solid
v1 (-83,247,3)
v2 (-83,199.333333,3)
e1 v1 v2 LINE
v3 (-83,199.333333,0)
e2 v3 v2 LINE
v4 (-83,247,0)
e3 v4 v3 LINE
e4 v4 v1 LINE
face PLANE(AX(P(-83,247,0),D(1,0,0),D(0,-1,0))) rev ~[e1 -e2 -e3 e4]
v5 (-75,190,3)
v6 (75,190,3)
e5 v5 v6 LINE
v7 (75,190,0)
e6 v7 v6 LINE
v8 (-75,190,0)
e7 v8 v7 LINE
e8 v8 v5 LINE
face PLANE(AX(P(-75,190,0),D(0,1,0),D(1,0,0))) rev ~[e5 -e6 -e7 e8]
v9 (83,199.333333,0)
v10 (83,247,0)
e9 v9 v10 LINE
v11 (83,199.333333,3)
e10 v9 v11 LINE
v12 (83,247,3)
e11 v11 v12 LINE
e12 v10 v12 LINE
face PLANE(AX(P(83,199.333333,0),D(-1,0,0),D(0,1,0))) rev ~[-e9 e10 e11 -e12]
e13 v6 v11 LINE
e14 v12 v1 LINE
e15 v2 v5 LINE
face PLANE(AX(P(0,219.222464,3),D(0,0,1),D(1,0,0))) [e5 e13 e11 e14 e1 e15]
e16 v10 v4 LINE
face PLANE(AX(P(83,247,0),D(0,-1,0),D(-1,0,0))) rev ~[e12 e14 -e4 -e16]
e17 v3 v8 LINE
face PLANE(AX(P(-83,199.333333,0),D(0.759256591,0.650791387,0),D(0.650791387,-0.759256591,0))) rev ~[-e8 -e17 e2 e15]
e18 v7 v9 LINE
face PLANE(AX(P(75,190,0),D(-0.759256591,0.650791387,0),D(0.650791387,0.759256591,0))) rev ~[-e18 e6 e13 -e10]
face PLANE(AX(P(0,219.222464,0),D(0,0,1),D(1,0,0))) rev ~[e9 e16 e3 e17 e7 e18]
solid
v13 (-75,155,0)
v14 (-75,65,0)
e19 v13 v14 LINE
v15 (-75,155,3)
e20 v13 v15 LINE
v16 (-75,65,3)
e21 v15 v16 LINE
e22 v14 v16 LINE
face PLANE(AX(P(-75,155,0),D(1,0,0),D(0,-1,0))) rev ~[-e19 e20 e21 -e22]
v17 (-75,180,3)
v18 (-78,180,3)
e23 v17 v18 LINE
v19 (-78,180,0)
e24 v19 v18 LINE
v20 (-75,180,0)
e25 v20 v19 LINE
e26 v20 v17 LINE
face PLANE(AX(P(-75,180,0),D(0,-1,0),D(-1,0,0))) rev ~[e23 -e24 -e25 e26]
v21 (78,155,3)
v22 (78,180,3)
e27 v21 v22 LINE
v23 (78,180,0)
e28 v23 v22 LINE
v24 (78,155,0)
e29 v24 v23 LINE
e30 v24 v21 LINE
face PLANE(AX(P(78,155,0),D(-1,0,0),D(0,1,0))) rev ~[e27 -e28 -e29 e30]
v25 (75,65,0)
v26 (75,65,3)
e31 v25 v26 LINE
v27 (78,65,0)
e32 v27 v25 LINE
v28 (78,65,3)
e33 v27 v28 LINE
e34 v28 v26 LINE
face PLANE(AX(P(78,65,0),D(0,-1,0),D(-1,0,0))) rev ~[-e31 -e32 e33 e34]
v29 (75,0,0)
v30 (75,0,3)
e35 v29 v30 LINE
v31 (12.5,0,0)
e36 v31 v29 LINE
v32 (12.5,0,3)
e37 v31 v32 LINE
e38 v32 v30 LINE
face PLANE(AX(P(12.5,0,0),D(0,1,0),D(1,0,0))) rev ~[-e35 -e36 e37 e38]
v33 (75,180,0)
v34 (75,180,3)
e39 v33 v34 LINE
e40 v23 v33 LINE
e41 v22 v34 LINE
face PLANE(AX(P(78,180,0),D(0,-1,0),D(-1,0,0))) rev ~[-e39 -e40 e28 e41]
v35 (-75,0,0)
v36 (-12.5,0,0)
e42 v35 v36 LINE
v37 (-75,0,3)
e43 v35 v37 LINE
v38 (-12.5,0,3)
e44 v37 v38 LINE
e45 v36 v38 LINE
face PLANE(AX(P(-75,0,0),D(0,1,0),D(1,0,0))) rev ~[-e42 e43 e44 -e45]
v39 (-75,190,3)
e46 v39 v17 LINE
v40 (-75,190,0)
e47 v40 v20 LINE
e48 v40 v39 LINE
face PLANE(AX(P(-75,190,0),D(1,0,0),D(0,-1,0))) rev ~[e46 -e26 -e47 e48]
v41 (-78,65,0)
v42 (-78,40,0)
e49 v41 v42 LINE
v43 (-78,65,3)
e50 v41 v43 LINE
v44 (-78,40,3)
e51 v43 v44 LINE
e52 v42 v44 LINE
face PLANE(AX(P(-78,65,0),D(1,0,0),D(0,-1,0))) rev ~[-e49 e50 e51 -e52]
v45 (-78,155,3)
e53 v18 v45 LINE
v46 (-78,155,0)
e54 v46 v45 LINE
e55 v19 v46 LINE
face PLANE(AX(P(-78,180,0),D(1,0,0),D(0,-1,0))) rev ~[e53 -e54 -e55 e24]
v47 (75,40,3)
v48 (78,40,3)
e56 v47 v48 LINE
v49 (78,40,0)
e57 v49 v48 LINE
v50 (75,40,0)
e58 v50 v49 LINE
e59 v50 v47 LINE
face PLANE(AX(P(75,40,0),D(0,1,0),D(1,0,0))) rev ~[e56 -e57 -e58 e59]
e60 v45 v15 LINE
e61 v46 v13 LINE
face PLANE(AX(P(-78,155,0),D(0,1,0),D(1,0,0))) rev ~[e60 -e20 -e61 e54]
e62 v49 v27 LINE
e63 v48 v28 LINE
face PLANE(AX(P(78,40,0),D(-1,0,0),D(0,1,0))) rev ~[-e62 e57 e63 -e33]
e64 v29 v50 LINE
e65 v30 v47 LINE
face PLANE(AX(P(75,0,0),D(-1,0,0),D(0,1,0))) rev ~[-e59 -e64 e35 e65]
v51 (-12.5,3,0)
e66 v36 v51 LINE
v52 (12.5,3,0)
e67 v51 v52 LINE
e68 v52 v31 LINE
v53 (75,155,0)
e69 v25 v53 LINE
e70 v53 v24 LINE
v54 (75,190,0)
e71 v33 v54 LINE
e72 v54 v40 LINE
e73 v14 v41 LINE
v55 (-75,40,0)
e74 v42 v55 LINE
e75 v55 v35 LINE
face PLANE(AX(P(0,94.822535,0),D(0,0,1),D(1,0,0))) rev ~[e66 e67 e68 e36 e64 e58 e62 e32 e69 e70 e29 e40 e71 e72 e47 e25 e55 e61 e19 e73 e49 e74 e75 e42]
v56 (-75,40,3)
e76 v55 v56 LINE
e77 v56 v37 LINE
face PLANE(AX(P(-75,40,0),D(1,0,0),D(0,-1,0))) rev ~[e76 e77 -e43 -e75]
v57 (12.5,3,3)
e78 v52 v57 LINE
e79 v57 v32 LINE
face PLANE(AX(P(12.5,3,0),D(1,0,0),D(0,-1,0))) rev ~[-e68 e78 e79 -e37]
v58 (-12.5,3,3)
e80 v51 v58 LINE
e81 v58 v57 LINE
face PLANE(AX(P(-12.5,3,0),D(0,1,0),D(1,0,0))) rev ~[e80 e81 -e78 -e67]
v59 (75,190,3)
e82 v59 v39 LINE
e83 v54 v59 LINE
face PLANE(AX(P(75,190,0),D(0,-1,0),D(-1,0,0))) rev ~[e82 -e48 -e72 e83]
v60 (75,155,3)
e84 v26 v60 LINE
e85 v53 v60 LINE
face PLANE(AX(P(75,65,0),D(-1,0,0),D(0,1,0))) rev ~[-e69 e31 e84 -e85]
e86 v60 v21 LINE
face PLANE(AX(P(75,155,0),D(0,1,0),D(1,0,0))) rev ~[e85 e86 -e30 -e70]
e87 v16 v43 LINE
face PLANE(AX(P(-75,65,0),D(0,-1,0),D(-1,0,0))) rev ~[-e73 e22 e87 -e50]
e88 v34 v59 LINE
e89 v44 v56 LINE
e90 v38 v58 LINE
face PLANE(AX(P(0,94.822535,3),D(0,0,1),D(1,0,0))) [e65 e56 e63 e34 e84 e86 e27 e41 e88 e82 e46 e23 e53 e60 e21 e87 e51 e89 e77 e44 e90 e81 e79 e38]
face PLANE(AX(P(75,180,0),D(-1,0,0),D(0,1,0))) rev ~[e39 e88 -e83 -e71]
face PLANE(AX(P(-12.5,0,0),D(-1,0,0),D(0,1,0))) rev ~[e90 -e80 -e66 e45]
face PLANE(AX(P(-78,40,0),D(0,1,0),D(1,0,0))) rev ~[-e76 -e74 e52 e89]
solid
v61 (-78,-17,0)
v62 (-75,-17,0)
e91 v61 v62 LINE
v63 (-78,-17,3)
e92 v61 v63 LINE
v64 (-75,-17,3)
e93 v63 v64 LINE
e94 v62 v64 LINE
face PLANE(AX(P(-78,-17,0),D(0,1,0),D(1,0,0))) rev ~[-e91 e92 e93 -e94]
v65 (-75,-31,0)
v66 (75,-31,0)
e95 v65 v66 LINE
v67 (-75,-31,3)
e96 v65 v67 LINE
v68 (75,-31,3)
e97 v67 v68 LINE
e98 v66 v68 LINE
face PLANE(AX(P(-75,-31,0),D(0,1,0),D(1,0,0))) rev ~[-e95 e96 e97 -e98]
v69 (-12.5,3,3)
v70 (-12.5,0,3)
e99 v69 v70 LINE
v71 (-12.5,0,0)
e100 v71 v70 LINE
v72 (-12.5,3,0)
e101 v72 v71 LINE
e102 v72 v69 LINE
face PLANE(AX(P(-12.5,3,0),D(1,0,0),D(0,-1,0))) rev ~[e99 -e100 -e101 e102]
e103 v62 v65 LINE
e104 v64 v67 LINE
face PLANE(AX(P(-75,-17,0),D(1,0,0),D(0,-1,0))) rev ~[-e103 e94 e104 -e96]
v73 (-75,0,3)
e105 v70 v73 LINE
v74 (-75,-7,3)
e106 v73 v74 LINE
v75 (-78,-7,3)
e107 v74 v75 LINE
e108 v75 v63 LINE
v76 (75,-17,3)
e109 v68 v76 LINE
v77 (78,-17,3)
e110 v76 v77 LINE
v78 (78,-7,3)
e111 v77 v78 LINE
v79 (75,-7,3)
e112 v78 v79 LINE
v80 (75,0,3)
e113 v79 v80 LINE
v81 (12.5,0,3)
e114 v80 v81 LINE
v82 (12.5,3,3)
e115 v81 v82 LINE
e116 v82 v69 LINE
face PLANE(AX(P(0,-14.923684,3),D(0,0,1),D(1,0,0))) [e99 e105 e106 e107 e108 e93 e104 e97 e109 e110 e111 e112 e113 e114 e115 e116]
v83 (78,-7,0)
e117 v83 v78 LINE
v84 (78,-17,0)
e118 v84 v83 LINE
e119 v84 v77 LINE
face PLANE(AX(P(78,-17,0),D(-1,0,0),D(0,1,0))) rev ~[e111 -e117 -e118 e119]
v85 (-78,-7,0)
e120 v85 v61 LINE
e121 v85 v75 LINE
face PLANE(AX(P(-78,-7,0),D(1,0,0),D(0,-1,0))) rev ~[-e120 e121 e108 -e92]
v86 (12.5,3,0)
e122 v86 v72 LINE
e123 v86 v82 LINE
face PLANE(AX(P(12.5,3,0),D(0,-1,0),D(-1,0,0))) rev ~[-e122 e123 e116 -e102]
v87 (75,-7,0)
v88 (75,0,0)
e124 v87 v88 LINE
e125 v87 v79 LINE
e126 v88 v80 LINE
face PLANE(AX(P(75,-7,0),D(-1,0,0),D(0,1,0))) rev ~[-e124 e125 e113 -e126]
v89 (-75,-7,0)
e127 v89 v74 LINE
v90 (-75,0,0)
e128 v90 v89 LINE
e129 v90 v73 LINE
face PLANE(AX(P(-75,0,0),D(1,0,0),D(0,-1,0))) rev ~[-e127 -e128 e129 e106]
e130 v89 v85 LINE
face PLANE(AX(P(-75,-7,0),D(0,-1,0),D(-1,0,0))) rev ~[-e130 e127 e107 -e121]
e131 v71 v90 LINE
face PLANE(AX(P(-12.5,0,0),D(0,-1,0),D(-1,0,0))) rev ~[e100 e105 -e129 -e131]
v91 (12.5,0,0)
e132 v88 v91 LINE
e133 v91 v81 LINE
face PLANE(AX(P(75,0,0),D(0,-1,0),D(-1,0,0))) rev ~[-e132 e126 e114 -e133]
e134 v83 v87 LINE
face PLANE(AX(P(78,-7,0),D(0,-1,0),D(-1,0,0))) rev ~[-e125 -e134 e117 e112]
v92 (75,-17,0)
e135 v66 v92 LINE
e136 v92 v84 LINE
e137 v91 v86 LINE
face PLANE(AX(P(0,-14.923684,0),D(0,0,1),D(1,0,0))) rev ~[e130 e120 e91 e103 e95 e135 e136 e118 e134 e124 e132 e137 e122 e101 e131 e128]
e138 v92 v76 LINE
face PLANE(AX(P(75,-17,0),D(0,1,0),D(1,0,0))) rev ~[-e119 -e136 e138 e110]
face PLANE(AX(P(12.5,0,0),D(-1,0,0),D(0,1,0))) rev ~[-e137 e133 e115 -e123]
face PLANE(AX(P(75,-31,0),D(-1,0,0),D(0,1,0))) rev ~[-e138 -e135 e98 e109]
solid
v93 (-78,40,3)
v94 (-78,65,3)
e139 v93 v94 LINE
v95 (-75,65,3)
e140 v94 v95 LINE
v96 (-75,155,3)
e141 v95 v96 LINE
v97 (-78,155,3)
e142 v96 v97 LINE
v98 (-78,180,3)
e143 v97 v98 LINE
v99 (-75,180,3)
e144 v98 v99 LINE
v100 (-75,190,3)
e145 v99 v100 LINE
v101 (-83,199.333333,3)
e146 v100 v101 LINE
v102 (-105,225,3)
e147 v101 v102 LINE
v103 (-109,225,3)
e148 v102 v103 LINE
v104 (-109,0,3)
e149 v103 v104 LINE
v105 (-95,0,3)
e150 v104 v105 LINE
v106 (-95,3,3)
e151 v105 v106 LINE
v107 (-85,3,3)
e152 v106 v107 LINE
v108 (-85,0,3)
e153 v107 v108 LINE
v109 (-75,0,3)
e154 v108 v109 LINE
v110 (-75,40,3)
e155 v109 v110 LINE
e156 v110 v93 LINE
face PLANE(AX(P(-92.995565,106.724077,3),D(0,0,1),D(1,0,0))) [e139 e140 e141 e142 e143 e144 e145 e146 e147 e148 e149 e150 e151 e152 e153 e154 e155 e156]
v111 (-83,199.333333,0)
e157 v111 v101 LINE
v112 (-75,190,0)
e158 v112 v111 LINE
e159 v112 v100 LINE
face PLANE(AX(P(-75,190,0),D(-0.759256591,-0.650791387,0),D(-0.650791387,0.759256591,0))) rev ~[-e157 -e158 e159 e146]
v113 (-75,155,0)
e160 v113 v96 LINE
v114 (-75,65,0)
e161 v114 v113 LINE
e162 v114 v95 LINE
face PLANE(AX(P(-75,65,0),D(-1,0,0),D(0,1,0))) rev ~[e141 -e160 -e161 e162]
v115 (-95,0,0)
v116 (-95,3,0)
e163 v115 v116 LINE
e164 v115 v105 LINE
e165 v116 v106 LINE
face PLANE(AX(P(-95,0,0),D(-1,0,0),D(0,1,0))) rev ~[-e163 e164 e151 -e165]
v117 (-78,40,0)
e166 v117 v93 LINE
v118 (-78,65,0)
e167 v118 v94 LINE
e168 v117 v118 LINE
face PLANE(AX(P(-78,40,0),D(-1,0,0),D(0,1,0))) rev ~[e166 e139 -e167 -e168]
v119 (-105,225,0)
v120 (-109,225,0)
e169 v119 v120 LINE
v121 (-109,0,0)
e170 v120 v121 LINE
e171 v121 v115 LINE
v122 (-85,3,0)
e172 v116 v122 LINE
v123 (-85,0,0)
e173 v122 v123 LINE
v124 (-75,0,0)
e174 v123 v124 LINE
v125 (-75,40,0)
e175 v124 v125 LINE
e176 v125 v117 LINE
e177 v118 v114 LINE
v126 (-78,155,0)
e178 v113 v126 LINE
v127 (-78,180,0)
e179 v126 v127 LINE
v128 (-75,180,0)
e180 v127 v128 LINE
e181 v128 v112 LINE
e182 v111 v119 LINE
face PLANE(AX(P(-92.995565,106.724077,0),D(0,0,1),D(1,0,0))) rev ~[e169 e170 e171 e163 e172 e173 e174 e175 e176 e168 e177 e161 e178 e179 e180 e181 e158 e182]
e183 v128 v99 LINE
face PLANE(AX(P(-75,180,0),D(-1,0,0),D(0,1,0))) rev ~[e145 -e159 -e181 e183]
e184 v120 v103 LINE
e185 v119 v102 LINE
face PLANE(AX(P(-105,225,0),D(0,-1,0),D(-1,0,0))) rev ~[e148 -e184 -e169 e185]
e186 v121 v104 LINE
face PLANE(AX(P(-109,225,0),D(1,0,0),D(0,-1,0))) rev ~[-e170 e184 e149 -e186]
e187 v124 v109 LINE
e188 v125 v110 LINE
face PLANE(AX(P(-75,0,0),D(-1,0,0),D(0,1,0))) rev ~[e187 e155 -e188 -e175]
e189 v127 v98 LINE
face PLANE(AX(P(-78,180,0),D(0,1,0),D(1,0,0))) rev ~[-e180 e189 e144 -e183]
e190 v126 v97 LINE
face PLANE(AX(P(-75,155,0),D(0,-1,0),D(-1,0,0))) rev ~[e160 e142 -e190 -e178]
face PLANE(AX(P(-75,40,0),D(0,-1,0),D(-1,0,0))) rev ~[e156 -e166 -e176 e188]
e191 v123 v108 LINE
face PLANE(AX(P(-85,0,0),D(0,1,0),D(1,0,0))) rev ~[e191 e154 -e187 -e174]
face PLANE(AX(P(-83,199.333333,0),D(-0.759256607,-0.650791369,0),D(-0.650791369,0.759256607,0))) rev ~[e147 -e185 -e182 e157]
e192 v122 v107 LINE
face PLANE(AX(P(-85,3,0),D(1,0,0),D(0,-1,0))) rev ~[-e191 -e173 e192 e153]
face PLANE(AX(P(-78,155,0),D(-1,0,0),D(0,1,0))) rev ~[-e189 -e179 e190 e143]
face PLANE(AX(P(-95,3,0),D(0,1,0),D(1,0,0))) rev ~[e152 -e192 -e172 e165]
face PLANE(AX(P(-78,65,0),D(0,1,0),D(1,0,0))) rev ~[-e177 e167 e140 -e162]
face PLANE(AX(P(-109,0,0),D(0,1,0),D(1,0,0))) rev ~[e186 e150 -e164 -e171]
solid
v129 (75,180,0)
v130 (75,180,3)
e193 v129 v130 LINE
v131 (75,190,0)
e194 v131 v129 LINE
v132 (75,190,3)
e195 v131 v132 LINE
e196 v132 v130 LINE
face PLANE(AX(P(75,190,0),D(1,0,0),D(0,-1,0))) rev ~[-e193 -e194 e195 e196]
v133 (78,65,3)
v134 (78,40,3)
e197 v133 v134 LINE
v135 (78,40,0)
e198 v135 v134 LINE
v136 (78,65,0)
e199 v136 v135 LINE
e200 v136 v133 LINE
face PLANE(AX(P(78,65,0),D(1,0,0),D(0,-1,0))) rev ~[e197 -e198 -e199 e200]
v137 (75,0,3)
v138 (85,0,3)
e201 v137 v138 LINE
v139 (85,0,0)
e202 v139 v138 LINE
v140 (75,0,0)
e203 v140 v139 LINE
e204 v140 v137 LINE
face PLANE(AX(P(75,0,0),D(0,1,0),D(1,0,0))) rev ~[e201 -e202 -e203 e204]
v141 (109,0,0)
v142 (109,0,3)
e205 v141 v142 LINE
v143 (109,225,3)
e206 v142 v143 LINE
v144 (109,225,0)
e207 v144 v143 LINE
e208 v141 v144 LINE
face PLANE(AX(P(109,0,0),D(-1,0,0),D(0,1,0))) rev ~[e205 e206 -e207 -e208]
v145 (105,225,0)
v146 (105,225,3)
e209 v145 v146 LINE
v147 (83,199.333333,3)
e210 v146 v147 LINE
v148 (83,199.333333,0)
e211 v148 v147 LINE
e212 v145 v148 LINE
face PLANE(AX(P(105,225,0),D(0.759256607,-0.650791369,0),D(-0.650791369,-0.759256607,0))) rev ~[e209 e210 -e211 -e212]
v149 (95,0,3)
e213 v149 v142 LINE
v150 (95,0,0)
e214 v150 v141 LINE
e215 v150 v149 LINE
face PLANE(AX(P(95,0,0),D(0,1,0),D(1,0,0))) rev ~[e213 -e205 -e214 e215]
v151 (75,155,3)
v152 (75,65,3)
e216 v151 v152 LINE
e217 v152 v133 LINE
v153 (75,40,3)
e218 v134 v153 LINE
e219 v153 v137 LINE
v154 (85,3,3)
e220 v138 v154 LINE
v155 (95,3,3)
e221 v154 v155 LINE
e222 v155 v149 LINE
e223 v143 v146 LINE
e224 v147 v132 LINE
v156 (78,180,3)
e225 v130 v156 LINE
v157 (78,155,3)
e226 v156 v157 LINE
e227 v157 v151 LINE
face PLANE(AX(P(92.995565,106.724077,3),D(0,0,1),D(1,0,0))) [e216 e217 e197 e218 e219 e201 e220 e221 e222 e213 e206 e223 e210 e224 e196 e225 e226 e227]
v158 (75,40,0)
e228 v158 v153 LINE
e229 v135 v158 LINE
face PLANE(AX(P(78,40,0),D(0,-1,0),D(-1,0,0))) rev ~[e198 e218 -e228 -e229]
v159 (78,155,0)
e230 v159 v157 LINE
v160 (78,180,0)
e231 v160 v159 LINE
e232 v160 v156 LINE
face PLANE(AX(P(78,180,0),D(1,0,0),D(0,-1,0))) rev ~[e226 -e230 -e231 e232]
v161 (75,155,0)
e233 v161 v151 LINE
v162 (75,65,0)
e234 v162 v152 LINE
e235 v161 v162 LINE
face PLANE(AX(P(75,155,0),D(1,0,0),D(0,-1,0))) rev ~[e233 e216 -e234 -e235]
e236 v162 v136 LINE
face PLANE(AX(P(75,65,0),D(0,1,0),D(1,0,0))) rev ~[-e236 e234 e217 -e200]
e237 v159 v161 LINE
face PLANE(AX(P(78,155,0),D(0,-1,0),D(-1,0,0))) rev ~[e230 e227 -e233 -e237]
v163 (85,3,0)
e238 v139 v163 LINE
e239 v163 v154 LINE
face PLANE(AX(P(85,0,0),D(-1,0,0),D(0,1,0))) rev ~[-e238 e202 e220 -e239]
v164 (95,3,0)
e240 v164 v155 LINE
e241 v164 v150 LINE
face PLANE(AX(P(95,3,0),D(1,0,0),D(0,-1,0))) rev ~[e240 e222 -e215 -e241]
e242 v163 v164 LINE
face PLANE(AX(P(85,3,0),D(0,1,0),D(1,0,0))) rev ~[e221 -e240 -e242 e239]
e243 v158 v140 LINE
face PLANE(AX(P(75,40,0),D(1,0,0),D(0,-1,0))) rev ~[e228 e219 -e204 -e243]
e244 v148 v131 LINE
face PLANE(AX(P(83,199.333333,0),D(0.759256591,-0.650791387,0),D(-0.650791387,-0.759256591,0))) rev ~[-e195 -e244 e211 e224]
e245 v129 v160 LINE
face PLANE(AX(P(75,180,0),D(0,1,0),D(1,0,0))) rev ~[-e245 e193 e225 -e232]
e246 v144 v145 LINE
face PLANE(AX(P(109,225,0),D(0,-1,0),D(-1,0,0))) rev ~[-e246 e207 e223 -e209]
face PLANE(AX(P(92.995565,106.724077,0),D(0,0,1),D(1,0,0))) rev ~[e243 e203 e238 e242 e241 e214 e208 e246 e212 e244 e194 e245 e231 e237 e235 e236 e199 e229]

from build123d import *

# Parameters (mm, degrees)
F1_DEPTH = 3
F2_DEPTH = 3
F3_DEPTH = 3


with BuildPart() as f1:
    # F0 (on Top) → F1 (new body)
    with BuildSketch(Plane.XY):
        Polygon((75, 40), (75, 0), (85, 0), (85, 3), (95, 3), (95, 0), (105, 0), (109, 0), (109, 225), (105, 225), (83, 199.333333), (75, 190), (75, 180), (78, 180), (78, 155), (75, 155), (75, 65), (78, 65), (78, 40), align=None)
        Polygon((-12.5, 3), (-12.5, 0), (-75, 0), (-75, -7), (-78, -7), (-78, -17), (-75, -17), (-75, -31), (0, -31), (75, -31), (75, -17), (78, -17), (78, -7), (75, -7), (75, 0), (12.5, 0), (12.5, 3), (0, 3), align=None)
        Polygon((-85, 0), (-75, 0), (-75, 40), (-78, 40), (-78, 65), (-75, 65), (-75, 155), (-78, 155), (-78, 180), (-75, 180), (-75, 190), (-83, 199.333333), (-105, 225), (-109, 225), (-109, 0), (-105, 0), (-95, 0), (-95, 3), (-85, 3), align=None)
    extrude(amount=F1_DEPTH)


with BuildPart() as f2:
    # F0 (on Top) → F2 (new body)
    with BuildSketch(Plane.XY):
        Polygon((-75, 0), (-12.5, 0), (-12.5, 3), (0, 3), (12.5, 3), (12.5, 0), (75, 0), (75, 40), (78, 40), (78, 65), (75, 65), (75, 155), (78, 155), (78, 180), (75, 180), (75, 190), (0, 190), (-75, 190), (-75, 180), (-78, 180), (-78, 155), (-75, 155), (-75, 65), (-78, 65), (-78, 40), (-75, 40), align=None)
    extrude(amount=F2_DEPTH)


with BuildPart() as f3:
    # F0 (on Top) → F3 (new body)
    with BuildSketch(Plane.XY):
        Polygon((-83, 199.333333), (-75, 190), (0, 190), (75, 190), (83, 199.333333), (83, 247), (-83, 247), align=None)
    extrude(amount=F3_DEPTH)


solid = Compound([f1.part, f2.part, f3.part])
